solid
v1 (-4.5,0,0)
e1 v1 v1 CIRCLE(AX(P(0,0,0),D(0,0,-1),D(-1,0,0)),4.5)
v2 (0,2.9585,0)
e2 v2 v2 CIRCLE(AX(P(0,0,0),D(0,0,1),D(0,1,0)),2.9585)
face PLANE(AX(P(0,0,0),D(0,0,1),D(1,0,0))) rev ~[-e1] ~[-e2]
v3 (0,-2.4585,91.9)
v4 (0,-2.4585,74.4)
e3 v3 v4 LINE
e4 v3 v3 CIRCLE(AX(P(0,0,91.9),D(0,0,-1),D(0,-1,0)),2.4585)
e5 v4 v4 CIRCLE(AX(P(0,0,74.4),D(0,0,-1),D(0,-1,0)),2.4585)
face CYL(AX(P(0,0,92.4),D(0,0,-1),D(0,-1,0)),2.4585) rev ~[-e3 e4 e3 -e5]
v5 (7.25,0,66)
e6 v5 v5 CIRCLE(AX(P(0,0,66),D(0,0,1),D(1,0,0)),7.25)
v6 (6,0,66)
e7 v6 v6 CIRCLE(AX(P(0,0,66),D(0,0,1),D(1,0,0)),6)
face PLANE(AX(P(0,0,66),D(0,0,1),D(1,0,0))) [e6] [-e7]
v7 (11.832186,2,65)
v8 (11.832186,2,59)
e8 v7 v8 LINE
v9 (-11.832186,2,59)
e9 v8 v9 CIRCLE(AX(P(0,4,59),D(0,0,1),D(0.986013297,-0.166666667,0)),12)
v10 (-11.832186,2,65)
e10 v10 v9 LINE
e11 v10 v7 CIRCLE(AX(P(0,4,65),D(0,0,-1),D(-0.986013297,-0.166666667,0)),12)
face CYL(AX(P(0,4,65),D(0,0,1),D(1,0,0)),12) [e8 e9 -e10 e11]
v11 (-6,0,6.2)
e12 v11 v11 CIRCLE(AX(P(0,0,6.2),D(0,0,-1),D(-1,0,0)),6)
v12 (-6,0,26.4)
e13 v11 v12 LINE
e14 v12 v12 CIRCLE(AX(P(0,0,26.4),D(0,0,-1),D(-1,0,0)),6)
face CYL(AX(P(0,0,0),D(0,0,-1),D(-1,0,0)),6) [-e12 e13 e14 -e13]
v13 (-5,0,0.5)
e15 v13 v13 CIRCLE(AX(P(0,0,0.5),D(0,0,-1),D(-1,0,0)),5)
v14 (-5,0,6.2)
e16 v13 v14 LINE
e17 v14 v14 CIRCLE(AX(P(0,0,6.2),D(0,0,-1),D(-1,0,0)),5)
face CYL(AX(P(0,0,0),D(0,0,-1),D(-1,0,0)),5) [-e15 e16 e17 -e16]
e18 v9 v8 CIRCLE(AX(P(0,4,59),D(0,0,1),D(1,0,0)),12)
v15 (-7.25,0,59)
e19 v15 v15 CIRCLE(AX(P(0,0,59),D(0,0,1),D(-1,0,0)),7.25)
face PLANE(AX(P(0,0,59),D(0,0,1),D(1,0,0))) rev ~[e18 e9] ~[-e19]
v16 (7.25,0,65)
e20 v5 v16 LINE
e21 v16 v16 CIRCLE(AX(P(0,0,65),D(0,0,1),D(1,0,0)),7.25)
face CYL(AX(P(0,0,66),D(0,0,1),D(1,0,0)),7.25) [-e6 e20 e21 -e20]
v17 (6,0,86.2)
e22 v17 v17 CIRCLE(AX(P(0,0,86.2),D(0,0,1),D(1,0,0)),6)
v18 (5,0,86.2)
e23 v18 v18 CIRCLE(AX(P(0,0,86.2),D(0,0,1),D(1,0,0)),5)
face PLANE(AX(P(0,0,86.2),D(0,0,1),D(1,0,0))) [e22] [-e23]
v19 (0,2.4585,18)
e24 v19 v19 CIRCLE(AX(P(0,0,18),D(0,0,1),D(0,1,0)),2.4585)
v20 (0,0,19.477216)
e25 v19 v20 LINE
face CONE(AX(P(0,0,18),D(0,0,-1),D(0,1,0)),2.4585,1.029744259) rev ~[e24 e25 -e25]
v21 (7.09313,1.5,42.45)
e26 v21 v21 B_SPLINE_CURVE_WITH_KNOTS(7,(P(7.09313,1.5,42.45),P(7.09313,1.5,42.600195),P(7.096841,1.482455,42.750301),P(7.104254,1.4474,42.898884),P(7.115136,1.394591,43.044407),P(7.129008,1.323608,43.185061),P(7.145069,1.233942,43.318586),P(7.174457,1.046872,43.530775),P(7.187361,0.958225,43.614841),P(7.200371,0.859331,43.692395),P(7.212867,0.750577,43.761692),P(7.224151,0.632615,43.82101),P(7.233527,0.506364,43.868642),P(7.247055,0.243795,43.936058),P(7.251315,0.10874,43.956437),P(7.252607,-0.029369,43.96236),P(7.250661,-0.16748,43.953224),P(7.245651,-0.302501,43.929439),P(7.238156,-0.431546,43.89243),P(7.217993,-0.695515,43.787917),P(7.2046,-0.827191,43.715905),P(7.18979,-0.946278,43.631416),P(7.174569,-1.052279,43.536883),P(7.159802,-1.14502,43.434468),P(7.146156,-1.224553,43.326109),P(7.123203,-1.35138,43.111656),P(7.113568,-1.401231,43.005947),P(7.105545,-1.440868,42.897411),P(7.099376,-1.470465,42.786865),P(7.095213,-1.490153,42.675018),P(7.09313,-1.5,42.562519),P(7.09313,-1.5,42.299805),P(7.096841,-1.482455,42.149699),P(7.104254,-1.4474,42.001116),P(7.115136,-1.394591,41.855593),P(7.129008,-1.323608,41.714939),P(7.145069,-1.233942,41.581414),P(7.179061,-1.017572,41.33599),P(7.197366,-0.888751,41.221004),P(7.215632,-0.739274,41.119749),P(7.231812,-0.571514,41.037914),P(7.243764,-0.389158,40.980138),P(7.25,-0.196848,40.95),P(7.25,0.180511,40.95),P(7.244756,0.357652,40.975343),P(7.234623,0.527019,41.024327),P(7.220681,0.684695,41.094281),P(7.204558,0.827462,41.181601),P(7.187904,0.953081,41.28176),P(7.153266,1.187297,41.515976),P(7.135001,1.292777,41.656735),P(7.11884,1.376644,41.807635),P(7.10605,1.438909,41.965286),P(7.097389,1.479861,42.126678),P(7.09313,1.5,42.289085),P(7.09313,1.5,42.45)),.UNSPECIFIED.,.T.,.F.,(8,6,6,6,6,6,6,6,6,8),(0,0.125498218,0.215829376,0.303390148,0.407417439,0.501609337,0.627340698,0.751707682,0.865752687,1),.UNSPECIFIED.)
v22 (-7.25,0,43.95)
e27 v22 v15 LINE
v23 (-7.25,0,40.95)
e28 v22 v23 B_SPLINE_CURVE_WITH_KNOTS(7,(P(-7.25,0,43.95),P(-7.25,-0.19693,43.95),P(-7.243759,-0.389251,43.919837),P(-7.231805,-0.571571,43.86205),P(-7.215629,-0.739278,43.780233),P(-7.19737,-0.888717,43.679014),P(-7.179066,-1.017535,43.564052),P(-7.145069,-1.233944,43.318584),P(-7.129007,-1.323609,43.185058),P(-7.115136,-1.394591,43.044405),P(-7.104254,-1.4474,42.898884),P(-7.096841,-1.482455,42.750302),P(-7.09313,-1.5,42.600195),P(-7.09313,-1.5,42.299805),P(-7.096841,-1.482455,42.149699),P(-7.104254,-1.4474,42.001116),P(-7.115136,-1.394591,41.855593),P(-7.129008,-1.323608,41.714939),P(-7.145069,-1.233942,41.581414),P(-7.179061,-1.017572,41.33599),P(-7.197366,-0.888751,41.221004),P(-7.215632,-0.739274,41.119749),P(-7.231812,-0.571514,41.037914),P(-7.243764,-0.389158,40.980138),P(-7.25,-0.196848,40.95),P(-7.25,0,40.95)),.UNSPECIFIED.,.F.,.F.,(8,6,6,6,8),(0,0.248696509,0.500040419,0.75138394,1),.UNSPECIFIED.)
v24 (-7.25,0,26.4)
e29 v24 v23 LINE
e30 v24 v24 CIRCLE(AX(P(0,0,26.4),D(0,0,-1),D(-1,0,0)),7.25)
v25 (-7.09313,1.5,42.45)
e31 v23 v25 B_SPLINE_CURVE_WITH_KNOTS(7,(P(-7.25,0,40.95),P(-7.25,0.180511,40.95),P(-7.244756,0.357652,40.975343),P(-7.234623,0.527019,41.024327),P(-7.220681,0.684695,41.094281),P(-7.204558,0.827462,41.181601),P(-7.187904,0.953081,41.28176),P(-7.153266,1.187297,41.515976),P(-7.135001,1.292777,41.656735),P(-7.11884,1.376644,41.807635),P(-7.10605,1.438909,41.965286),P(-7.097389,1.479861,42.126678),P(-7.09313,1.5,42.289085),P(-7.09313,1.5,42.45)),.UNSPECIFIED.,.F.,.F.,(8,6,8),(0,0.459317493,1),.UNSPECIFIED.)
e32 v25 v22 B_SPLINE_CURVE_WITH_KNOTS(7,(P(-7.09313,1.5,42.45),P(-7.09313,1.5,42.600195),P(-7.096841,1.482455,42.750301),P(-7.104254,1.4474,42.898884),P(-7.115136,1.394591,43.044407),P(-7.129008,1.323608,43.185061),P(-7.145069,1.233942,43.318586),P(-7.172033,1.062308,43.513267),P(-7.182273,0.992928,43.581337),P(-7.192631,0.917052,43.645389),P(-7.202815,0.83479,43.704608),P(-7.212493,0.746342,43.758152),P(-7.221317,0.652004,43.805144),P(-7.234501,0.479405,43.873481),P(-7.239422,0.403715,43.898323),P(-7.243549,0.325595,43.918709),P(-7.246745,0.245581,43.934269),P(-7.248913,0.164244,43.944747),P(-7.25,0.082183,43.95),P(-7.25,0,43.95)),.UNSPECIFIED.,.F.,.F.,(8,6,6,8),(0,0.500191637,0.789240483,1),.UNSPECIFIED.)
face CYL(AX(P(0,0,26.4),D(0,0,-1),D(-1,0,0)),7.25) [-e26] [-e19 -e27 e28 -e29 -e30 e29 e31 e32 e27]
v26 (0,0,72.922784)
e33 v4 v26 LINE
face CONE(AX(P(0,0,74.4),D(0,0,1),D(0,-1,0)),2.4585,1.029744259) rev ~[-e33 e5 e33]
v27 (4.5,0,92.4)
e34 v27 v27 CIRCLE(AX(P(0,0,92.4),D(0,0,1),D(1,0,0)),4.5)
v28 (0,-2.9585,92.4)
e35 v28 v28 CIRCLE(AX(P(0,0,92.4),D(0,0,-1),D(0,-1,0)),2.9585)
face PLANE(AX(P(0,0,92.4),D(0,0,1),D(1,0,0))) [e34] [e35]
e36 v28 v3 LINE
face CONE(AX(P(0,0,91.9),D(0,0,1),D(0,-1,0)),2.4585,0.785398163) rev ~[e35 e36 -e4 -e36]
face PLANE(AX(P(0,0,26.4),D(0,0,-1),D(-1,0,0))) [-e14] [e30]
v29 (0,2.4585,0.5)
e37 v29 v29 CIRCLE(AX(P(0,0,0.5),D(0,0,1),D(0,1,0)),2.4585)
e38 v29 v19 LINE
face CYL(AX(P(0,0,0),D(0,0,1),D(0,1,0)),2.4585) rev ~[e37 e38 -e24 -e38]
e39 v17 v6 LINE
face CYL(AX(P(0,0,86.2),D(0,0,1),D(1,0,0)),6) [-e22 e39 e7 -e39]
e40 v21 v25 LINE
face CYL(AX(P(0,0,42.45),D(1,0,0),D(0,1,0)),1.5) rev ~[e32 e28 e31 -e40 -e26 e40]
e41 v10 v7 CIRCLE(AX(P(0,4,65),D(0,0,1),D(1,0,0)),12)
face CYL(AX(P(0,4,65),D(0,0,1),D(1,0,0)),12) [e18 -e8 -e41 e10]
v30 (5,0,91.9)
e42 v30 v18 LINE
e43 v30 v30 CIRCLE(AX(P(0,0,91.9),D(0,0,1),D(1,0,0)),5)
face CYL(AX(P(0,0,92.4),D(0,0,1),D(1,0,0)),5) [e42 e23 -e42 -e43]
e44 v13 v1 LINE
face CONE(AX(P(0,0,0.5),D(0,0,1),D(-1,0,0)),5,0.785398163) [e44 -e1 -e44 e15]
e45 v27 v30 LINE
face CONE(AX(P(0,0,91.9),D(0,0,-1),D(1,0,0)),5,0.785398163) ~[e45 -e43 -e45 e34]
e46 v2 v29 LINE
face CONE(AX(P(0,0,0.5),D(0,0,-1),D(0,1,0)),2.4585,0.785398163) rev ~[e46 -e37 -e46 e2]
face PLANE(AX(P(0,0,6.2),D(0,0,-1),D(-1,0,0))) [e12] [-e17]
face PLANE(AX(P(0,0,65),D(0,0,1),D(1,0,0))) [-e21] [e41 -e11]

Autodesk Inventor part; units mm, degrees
ref_plane "YZ Plane" through (0, 0, 0) normal (1, 0, 0) x (0, 1, 0)
ref_plane "XZ Plane" through (0, 0, 0) normal (0, 1, 0) x (-1, 0, 0)
ref_plane "XY Plane" through (0, 0, 0) normal (0, 0, 1) x (1, 0, 0)
sketch "Sketch1" plane through (0, 0, 0) normal (0, 0, 1) x (1, 0, 0)
  circle A0 centre (0, 0) radius 12
  dimension "d0" = 24
extrude "Extrusion1" add sketch "Sketch1" along normal blind 92.4
sketch "Sketch2" plane through (0, 0, 92.4) normal (0, 0, 1) x (1, 0, 0)
  circle A0 centre (0, 0) radius 12 projected
  circle A1 centre (0, 0) radius 5
  dimension "d3" = 10
extrude "Extrusion2" cut sketch "Sketch2" against normal blind 6.2
sketch "Sketch3" plane through (0, 0, 86.2) normal (0, 0, 1) x (1, 0, 0)
  circle A0 centre (0, 0) radius 12 projected
  circle A1 centre (0, 0) radius 6
  dimension "d6" = 12
extrude "Extrusion3" cut sketch "Sketch3" against normal blind 20.2
sketch "Sketch4" plane through (0, 0, 66) normal (0, 0, 1) x (1, 0, 0)
  circle A0 centre (0, 0) radius 12 projected
  circle A1 centre (0, 0) radius 7.25
  dimension "d9" = 14.5
extrude "Extrusion4" cut sketch "Sketch4" against normal blind 1
sketch "Sketch5" plane through (0, 0, 0) normal (0, 0, -1) x (-1, 0, 0)
  circle A0 centre (0, 0) radius 12 projected
  circle A1 centre (0, 0) radius 6
  dimension "d12" = 0
  dimension "d13" = 12
extrude "Extrusion5" cut sketch "Sketch5" against normal blind 26.4
sketch "Sketch6" plane through (0, 0, 0) normal (0, 0, -1) x (-1, 0, 0)
  circle A0 centre (0, 0) radius 6 projected
  circle A1 centre (0, 0) radius 5
  dimension "d16" = 10
extrude "Extrusion6" cut sketch "Sketch6" against normal blind 6.2
sketch "Sketch7" plane through (0, 0, 26.4) normal (0, 0, -1) x (-1, 0, 0)
  circle A0 centre (0, 0) radius 6 projected
  circle A1 centre (0, 0) radius 12 projected
  circle A2 centre (0, 0) radius 7.25
  dimension "d19" = 14.5
extrude "Extrusion7" cut sketch "Sketch7" against normal blind 32.6 contours A1
sketch "Sketch8" plane through (0, 0, 0) normal (0, 0, -1) x (-1, 0, 0)
  circle A0 centre (0, 0) radius 5 projected
hole "Hole1" at (0, 0, 0) direction (0, 0, 1) diameter 4.917 depth 18 tip angle 118 thread size "M6x1" class "6H" standard "ANSI Metric M Profile"
chamfer "Chamfer1" distance 0.5 angle 45 1 edges at (0, -2.4585, 0)
sketch "Sketch9" plane through (0, 0, 92.4) normal (0, 0, 1) x (1, 0, 0)
  circle A0 centre (0, 0) radius 5 projected
hole "Hole2" at (0, 0, 92.4) direction (0, 0, -1) diameter 4.917 depth 18 tip angle 118 thread size "M6x1" class "6H" standard "ANSI Metric M Profile"
chamfer "Chamfer2" distance 0.5 angle 45 1 edges at (0, 2.4585, 92.4)
chamfer "Chamfer3" distance 0.5 angle 45 2 edges at (-5, 0, 92.4) (5, 0, 0)
sketch "Sketch10" plane through (0, 0, 65) normal (0, 0, 1) x (1, 0, 0)
  circle A0 centre (0, 0) radius 7.25 projected
  circle A1 centre (0, 4) radius 12
  dimension "d46" = 24
  dimension "d47" = 4
extrude "Extrusion8" add sketch "Sketch10" against normal blind 6
sketch "Sketch11" plane through (0, 0, 65) normal (0, 0, 1) x (1, 0, 0)
  arc A0 (-11.8322, 2) -> (11.8322, 2) centre (0, 0) ccw projected
  arc A1 (11.8322, 2) -> (-11.8322, 2) centre (0, 4) ccw projected
  circle A2 centre (0, 4) radius 12
extrude "Extrusion9" cut sketch "Sketch11" against normal blind 6 contours A2 A0
sketch "Sketch13" plane through (0, 0, 0) normal (1, 0, 0) x (0, 1, 0)
  circle A0 centre (0, 42.45) radius 1.5
  line L0 (-8, 59) -> (16, 59) projected
  line L1 (-7.25, 59) -> (7.25, 59) projected
  line L2 (-7.25, 26.4) -> (7.25, 26.4) projected
  point P0 (0, 0)
  dimension "d56" = 3
  dimension "d57" = 16.55
extrude "Extrusion11" cut sketch "Sketch13" along normal mid plane 20
properties part number "EIXO EXCÊNTRICO(53)" material "Carbon Steel"
